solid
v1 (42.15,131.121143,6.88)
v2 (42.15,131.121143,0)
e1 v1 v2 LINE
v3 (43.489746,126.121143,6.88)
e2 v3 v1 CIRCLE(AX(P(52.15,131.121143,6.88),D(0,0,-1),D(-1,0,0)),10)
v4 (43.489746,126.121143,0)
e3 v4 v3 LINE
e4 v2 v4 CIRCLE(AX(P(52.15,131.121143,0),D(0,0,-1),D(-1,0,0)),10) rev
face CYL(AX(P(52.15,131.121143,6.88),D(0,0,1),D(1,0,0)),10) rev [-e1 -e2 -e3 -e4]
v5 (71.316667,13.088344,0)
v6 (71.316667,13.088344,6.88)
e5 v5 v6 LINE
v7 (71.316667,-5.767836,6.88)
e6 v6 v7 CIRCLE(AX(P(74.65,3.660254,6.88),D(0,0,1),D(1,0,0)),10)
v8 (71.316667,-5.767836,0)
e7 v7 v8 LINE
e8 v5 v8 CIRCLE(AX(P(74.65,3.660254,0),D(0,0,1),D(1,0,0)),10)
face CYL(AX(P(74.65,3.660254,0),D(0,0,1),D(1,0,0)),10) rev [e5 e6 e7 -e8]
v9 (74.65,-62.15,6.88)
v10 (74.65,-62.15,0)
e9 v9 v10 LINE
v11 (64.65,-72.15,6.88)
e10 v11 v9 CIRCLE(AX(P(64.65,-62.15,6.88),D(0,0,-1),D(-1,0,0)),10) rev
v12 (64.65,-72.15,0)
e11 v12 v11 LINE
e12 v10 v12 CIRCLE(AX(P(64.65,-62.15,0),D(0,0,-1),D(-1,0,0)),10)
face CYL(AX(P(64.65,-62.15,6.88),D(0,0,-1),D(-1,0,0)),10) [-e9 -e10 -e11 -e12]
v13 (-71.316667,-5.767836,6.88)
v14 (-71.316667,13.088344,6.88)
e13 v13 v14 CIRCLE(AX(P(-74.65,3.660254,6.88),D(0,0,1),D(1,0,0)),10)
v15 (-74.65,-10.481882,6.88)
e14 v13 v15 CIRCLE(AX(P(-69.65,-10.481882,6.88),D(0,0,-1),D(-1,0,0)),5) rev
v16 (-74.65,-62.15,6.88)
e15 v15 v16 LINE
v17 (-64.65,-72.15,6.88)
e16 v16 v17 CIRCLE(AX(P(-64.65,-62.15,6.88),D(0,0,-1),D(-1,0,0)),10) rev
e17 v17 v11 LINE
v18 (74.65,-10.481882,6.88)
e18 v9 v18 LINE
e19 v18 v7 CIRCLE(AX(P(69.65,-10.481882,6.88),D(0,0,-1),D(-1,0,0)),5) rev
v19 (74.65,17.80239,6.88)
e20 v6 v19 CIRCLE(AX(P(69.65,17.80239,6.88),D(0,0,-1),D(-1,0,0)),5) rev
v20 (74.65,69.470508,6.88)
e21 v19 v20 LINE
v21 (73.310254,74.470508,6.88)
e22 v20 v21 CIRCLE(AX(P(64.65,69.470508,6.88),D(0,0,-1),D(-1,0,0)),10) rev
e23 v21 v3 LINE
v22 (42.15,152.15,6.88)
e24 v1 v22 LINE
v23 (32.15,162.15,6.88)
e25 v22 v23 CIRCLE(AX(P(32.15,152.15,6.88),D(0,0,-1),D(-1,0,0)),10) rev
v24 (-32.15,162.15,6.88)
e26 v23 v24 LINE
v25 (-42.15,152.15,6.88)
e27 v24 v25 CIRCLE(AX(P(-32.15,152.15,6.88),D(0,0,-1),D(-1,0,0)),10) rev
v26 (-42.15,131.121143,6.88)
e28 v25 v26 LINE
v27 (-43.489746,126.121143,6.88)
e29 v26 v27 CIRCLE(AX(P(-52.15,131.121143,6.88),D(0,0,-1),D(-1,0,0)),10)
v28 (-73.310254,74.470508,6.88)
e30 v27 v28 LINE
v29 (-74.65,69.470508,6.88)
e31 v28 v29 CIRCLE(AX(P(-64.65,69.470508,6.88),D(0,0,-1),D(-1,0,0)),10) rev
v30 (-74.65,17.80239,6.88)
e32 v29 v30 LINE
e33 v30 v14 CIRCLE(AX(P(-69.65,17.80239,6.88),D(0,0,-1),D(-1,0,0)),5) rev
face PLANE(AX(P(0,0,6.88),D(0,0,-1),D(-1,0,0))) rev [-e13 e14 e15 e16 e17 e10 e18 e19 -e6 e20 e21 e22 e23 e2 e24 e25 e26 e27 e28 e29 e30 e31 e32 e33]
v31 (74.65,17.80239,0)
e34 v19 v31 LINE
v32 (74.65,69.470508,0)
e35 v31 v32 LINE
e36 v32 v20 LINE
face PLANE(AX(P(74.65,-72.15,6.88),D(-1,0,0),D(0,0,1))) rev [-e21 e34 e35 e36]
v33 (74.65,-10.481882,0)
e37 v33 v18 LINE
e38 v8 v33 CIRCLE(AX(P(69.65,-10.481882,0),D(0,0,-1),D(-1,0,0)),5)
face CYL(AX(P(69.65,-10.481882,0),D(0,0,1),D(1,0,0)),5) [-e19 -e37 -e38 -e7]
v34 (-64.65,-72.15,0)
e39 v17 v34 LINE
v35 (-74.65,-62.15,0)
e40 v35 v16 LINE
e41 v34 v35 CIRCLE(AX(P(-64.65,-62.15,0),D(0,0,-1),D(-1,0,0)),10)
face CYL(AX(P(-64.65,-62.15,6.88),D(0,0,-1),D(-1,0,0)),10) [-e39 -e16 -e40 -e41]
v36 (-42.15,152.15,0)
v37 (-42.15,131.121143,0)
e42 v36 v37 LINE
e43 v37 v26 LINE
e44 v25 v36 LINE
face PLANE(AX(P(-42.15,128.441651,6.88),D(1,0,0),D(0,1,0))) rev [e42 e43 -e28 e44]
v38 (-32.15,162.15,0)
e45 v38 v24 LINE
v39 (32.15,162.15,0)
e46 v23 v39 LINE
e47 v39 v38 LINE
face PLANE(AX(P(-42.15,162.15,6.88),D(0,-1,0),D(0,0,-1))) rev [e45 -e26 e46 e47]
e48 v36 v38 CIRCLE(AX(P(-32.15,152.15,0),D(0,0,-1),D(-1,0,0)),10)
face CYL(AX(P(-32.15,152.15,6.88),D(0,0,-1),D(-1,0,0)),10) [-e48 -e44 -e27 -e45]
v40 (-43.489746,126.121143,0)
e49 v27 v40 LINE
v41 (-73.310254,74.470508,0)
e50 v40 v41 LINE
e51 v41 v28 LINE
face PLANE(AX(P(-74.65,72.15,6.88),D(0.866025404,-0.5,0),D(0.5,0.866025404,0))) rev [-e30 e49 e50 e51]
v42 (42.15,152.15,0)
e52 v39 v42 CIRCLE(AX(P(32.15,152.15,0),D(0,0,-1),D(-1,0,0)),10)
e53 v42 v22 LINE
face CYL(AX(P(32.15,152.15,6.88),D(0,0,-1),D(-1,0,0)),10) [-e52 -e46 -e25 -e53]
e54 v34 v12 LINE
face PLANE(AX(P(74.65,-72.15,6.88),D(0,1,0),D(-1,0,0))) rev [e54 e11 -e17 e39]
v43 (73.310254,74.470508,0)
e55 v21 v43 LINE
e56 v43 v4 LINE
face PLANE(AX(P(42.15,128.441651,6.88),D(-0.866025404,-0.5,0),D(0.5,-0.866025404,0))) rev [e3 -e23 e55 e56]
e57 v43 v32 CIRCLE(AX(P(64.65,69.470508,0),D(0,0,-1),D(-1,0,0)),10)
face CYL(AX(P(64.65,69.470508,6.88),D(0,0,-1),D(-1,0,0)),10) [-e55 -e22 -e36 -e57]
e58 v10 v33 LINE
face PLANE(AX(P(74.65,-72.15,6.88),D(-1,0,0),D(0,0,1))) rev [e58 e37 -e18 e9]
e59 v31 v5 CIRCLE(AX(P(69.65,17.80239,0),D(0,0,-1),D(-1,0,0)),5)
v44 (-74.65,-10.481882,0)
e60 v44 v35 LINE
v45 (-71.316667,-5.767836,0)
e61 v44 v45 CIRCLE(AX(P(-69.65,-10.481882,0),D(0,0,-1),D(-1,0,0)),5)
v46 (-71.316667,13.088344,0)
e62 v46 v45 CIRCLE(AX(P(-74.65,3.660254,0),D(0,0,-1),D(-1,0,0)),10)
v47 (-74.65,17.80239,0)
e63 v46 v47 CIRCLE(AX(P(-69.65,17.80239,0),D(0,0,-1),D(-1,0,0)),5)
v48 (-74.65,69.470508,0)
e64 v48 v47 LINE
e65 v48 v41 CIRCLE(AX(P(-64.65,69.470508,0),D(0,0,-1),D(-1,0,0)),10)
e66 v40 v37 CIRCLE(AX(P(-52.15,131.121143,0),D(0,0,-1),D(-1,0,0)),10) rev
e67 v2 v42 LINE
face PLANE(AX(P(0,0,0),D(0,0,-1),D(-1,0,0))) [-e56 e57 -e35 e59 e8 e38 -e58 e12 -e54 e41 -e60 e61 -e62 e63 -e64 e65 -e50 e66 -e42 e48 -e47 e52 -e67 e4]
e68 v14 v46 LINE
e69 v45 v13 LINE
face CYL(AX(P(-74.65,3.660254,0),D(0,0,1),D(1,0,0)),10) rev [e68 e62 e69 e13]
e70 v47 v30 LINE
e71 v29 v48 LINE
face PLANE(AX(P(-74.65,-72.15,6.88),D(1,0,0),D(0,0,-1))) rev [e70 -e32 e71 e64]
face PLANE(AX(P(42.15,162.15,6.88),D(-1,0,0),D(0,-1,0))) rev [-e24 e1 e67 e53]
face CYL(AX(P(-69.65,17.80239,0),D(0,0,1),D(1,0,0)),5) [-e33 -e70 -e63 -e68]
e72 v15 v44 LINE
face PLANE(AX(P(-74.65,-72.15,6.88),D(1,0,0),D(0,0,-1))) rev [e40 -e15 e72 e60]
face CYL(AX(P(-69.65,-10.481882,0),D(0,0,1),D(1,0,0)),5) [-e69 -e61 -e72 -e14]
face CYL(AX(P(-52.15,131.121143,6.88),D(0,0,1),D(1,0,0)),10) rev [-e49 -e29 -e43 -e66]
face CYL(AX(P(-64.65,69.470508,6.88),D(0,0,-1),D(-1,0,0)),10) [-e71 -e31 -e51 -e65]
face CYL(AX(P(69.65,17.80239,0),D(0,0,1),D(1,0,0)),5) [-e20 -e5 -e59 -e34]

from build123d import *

# Parameters (mm, degrees)
BOSS_EXTRUDE1_DEPTH = 6.88
FILLET1_R           = 10
SKETCH2_R           = 10
CUT_EXTRUDE1_DEPTH  = 179.640923083
FILLET2_R           = 5


with BuildPart() as part:
    # Sketch1 → Boss-Extrude1 (new body)
    with BuildSketch(Plane.XY):
        Polygon((-74.65, 72.15), (-42.15, 128.441651246), (-42.15, 162.15), (-22.688475773, 162.15), (22.688475773, 162.15), (42.15, 162.15), (42.15, 128.441651246), (74.65, 72.15), (74.65, -72.15), (-74.65, -72.15), align=None)
    extrude(amount=BOSS_EXTRUDE1_DEPTH)

    # Fillet1
    fillet1_edges = [part.edges().sort_by_distance(p)[0] for p in [
        (-74.65, 72.15, 3.44),
        (-42.15, 128.441651246, 3.44),
        (-42.15, 162.15, 3.44),
        (42.15, 162.15, 3.44),
        (42.15, 128.441651246, 3.44),
        (74.65, 72.15, 3.44),
        (74.65, -72.15, 3.44),
        (-74.65, -72.15, 3.44),
    ]]
    fillet(fillet1_edges, radius=FILLET1_R)

    # Sketch2 → Cut-Extrude1 (cut, through all)
    with BuildSketch(Plane.XY.offset(6.88)):
        with Locations((-74.65, 3.660254038)):
            Circle(SKETCH2_R)
        with Locations((74.65, 3.660254038)):
            Circle(SKETCH2_R)
    extrude(amount=-CUT_EXTRUDE1_DEPTH, mode=Mode.SUBTRACT)

    # Fillet2
    fillet2_edges = [part.edges().sort_by_distance(p)[0] for p in [
        (-74.65, 13.660254038, 3.44),
        (-74.65, -6.339745962, 3.44),
        (74.65, -6.339745962, 3.44),
        (74.65, 13.660254038, 3.44),
    ]]
    fillet(fillet2_edges, radius=FILLET2_R)


solid = part.part
